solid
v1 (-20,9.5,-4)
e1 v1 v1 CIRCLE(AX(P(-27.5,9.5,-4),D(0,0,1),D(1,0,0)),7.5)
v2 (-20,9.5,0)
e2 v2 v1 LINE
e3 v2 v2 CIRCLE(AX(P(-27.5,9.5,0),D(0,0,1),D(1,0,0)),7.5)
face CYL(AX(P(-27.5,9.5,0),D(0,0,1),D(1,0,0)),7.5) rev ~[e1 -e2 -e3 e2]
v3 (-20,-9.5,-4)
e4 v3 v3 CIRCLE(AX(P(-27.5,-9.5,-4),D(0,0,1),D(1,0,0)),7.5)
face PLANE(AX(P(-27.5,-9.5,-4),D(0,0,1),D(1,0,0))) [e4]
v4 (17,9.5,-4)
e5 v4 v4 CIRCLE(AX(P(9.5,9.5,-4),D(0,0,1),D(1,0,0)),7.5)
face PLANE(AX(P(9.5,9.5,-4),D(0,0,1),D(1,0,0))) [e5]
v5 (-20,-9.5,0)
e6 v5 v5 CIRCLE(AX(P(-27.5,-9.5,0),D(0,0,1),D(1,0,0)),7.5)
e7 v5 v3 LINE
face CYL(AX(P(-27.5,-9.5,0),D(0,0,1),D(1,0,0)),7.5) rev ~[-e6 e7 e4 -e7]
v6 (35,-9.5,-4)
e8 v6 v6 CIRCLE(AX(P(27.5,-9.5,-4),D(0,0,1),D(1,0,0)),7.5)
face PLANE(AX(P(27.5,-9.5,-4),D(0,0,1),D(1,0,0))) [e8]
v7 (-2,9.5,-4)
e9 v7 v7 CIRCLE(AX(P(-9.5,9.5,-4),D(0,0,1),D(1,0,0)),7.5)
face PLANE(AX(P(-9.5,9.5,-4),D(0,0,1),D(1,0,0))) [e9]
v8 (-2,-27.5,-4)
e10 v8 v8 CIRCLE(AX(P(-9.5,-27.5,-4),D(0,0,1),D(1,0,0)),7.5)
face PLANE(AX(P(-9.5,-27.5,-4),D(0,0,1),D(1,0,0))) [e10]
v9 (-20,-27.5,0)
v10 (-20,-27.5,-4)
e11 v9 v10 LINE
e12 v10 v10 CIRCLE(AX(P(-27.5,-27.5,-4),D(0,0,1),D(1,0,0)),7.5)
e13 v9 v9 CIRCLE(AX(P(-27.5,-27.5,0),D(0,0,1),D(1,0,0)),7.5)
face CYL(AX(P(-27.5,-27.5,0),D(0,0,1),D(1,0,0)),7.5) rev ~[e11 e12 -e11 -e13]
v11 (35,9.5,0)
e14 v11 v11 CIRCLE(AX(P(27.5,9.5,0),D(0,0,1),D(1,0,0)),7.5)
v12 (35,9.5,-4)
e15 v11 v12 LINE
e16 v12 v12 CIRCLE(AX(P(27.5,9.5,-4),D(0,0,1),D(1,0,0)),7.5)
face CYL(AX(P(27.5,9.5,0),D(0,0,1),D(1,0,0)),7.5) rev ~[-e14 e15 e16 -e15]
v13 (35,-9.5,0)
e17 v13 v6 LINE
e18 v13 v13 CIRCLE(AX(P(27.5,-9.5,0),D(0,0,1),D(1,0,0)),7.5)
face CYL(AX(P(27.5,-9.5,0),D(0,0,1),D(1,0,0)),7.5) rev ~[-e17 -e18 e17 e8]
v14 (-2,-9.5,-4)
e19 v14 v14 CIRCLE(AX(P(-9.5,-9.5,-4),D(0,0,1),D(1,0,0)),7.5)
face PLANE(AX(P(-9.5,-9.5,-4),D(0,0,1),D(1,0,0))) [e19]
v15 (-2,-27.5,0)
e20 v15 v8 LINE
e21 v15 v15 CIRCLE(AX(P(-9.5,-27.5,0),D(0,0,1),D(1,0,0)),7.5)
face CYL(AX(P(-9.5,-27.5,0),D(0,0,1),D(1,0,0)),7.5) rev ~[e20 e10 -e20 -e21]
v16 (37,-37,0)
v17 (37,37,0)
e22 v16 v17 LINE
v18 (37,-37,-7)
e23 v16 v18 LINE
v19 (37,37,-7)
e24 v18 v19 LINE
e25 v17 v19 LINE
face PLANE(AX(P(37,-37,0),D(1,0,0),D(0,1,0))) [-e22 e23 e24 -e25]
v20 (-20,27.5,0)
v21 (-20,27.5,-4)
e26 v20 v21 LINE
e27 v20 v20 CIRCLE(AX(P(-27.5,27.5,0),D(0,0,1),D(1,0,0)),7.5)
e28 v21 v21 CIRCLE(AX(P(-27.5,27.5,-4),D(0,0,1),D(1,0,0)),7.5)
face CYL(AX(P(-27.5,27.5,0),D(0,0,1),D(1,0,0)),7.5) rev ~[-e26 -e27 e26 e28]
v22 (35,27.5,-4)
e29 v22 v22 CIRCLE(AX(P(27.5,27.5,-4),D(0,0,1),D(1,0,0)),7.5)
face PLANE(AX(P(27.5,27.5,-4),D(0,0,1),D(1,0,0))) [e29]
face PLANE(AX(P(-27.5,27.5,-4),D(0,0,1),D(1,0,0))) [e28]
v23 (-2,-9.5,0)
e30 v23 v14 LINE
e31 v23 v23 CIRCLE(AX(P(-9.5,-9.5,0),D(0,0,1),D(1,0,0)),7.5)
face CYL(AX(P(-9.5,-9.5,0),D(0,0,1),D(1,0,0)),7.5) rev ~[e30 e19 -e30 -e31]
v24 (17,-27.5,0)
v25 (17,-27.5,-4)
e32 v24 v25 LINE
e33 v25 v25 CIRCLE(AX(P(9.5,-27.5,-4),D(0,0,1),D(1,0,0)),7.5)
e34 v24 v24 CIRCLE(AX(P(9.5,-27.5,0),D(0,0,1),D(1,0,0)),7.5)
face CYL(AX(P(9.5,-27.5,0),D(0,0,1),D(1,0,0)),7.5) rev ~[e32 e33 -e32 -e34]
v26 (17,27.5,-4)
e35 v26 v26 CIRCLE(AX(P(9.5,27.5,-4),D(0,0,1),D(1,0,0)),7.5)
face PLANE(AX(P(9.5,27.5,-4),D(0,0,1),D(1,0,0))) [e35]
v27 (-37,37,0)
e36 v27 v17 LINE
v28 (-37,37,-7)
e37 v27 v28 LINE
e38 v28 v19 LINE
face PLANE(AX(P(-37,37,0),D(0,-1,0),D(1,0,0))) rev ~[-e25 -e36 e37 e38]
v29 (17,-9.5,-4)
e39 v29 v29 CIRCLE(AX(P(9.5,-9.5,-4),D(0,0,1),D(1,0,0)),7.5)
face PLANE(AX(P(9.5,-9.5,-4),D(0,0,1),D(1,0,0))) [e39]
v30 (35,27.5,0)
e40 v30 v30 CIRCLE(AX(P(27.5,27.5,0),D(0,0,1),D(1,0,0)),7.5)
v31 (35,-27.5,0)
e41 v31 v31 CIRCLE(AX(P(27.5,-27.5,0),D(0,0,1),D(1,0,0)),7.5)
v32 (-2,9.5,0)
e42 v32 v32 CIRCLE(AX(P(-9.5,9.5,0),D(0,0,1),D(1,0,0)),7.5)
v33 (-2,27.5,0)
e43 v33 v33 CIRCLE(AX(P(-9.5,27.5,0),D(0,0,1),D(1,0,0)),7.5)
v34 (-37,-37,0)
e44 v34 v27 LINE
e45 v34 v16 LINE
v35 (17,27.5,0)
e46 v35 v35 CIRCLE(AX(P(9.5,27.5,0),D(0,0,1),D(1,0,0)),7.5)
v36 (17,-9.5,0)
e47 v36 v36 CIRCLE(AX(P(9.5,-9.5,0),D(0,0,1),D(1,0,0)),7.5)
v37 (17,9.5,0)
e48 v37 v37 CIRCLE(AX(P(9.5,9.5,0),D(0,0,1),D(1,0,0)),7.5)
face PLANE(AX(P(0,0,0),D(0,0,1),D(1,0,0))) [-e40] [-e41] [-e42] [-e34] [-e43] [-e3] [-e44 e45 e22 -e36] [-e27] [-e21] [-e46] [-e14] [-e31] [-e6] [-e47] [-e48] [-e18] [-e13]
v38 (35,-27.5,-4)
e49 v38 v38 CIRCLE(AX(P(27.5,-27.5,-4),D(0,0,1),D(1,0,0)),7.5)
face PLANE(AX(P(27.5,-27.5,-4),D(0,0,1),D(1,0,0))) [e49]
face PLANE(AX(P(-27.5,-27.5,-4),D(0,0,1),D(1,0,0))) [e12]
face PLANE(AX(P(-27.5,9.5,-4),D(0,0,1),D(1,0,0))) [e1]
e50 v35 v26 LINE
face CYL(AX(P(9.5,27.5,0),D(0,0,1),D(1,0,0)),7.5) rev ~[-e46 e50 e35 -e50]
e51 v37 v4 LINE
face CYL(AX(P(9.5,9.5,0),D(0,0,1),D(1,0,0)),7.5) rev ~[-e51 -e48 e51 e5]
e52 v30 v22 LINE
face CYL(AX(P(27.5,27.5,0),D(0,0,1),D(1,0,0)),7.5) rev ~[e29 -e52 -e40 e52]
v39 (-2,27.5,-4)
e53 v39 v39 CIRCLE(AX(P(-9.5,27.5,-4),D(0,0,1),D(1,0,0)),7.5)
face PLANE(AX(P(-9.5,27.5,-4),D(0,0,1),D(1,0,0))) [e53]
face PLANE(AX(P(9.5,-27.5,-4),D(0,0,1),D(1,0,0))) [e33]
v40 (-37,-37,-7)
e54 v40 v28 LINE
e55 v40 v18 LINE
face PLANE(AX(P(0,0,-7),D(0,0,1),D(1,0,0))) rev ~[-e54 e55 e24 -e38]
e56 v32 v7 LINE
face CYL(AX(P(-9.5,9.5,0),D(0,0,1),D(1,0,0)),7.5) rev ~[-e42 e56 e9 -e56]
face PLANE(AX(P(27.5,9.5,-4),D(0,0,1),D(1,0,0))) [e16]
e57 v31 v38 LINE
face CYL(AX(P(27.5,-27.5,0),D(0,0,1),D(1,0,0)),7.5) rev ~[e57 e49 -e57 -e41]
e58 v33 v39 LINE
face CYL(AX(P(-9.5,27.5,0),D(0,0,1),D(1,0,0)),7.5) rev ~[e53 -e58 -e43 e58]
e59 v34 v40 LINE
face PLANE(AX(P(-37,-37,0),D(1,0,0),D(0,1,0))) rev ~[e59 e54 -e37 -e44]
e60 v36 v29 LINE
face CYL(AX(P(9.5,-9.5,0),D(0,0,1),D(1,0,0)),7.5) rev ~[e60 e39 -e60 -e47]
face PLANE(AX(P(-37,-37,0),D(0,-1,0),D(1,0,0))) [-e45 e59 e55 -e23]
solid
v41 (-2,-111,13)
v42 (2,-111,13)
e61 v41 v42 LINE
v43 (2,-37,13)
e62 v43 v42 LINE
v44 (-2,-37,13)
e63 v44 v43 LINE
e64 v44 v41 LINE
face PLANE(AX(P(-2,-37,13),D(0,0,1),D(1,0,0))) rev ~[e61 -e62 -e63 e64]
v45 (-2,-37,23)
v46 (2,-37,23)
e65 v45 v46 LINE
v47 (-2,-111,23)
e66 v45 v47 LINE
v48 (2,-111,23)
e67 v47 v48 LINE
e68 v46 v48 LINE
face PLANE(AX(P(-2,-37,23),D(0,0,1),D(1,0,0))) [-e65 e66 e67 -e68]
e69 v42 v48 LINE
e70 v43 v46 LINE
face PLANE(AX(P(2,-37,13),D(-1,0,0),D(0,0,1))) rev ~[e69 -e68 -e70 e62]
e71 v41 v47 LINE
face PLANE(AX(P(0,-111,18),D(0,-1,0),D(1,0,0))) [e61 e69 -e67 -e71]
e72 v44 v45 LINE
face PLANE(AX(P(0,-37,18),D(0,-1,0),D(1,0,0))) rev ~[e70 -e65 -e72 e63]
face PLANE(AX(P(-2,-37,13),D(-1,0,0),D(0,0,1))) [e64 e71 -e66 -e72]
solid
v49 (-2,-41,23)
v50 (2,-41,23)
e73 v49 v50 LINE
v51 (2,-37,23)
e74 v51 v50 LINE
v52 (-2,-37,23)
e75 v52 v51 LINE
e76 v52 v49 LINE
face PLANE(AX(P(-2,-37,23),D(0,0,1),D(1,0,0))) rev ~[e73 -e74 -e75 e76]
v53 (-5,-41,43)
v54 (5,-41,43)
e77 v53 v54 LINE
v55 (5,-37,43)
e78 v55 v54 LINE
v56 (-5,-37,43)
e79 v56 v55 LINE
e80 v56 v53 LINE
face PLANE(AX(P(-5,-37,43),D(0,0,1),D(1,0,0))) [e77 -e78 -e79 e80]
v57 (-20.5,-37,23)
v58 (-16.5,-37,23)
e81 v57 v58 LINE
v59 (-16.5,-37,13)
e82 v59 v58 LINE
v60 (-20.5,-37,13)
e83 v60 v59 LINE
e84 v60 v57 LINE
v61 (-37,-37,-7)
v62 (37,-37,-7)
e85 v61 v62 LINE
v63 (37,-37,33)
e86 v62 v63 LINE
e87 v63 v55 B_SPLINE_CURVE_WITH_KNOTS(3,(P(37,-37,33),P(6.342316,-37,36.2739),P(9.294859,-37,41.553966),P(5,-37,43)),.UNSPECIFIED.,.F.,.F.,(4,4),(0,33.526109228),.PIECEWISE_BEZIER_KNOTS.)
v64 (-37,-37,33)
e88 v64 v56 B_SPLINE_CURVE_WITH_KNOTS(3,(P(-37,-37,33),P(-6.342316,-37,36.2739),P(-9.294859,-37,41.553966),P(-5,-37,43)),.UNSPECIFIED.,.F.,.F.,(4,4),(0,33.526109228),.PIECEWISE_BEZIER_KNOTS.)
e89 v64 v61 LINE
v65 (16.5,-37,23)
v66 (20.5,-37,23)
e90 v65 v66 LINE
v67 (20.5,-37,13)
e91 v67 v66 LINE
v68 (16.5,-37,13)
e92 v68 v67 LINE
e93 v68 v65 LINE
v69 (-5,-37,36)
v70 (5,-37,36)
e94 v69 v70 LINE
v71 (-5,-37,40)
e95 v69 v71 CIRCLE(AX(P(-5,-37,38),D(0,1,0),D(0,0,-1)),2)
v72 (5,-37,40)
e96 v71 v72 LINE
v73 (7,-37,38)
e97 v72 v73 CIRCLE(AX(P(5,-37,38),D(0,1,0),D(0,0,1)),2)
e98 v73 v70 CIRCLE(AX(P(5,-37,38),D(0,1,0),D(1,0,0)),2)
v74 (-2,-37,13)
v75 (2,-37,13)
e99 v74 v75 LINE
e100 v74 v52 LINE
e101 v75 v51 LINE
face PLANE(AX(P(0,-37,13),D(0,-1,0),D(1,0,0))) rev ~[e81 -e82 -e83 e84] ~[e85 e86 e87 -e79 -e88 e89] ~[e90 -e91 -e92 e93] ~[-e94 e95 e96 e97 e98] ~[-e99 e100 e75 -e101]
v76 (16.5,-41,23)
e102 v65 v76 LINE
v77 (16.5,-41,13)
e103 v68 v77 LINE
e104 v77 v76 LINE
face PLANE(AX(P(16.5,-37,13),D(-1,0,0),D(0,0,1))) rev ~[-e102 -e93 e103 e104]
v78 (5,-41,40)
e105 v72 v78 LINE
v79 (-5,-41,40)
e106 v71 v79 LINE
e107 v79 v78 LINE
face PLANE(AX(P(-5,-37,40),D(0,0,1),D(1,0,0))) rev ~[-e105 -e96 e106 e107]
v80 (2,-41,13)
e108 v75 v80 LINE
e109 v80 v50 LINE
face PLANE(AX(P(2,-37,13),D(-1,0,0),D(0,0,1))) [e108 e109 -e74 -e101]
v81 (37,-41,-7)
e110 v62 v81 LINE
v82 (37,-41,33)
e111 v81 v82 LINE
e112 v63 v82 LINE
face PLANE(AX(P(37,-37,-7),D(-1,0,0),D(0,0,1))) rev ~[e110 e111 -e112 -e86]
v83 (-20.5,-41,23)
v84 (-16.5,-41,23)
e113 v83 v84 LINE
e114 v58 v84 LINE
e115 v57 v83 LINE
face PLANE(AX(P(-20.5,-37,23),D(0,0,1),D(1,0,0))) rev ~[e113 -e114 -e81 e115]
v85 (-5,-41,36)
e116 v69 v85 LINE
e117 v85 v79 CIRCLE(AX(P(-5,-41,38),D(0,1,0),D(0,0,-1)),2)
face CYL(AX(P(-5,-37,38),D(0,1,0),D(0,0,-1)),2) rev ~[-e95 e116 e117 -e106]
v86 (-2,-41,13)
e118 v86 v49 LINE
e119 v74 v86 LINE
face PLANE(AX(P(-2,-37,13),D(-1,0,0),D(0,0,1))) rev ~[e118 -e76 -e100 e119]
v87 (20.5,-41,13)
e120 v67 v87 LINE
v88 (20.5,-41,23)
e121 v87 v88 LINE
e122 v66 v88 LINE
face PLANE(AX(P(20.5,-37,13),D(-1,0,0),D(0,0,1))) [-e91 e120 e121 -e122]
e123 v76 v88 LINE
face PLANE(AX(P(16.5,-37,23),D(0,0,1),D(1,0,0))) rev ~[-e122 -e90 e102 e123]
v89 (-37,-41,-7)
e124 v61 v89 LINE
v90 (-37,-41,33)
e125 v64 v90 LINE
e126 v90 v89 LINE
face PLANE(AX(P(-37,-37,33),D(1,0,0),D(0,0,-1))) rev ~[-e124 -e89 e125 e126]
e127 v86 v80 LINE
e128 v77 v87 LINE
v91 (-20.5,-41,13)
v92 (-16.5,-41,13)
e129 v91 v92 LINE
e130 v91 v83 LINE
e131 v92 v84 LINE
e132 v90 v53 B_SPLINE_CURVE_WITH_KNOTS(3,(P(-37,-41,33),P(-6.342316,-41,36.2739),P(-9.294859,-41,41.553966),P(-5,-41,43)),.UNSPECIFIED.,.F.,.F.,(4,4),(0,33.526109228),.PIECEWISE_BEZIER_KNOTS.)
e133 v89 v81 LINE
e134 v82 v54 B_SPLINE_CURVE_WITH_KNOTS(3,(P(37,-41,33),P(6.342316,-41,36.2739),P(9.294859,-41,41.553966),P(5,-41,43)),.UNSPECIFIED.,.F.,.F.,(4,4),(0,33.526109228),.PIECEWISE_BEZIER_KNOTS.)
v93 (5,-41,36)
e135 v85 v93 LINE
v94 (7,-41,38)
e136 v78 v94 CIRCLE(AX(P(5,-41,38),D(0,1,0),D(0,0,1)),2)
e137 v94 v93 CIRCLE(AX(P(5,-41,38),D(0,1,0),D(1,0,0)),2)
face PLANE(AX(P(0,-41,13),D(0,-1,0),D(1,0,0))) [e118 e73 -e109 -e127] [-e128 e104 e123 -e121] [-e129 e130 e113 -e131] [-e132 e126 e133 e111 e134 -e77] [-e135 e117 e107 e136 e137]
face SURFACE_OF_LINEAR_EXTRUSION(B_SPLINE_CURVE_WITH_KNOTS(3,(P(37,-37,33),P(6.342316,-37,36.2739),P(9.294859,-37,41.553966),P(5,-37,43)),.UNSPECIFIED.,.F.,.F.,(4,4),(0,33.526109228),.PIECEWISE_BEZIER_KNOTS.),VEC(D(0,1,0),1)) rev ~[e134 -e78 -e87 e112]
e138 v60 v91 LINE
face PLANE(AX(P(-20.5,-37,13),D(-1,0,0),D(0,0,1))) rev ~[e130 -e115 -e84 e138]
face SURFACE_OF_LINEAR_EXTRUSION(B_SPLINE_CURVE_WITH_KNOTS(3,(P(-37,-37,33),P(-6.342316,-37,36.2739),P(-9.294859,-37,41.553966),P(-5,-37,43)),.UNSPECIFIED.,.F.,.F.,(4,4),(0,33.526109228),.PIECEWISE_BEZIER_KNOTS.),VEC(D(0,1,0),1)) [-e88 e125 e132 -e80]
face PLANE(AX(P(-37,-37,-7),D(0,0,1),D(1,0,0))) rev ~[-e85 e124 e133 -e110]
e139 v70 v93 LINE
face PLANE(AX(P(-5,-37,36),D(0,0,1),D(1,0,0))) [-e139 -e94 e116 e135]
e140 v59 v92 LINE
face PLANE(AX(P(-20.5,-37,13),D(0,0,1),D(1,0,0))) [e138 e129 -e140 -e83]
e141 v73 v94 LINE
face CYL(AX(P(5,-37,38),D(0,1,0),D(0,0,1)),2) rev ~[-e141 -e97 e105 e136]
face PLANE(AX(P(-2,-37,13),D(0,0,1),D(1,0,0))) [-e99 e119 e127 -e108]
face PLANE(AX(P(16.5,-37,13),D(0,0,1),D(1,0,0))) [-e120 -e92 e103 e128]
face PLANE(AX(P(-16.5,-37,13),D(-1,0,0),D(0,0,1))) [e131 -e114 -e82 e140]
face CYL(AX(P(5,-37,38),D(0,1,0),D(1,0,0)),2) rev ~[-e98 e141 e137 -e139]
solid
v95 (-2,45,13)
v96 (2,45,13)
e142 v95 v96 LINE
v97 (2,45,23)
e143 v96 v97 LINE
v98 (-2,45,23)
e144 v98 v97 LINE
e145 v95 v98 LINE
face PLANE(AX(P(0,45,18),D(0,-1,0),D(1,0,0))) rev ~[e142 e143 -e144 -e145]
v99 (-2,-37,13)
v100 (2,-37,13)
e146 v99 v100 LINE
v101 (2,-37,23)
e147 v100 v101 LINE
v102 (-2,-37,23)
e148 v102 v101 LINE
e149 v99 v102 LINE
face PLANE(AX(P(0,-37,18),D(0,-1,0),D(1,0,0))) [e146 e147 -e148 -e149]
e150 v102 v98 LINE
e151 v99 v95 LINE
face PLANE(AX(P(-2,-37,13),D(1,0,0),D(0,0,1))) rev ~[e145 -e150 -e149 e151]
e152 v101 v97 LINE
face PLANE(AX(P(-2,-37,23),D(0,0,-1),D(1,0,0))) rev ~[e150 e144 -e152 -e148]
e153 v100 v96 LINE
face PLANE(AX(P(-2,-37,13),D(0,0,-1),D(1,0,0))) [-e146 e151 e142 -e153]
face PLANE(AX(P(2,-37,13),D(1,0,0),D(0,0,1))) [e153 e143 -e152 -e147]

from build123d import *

# Parameters (mm, degrees)
F1_W     = 74
F1_H     = 74
F1_R     = 7.5
F2_DEPTH = 7
F3_DEPTH = 4
F4_W     = 4
F4_H     = 10
F4_W_2   = 10
F4_H_2   = 3
F5_DEPTH = 4
F6_DEPTH = 82
F7_DEPTH = 74


with BuildPart() as f2:
    # F1 (on Top) → F2 (new body)
    with BuildSketch(Plane.XY):
        Rectangle(F1_W, F1_H)
        with Locations((-27.5, -27.5)):
            Circle(F1_R, mode=Mode.SUBTRACT)
        with Locations((-9.5, -27.5)):
            Circle(F1_R, mode=Mode.SUBTRACT)
        with Locations((-27.5, -9.5)):
            Circle(F1_R, mode=Mode.SUBTRACT)
        with Locations((-9.5, -9.5)):
            Circle(F1_R, mode=Mode.SUBTRACT)
        with Locations((9.5, -27.5)):
            Circle(F1_R, mode=Mode.SUBTRACT)
        with Locations((27.5, -27.5)):
            Circle(F1_R, mode=Mode.SUBTRACT)
        with Locations((9.5, -9.5)):
            Circle(F1_R, mode=Mode.SUBTRACT)
        with Locations((27.5, -9.5)):
            Circle(F1_R, mode=Mode.SUBTRACT)
        with Locations((-27.5, 9.5)):
            Circle(F1_R, mode=Mode.SUBTRACT)
        with Locations((-9.5, 9.5)):
            Circle(F1_R, mode=Mode.SUBTRACT)
        with Locations((-27.5, 27.5)):
            Circle(F1_R, mode=Mode.SUBTRACT)
        with Locations((-9.5, 27.5)):
            Circle(F1_R, mode=Mode.SUBTRACT)
        with Locations((9.5, 9.5)):
            Circle(F1_R, mode=Mode.SUBTRACT)
        with Locations((27.5, 9.5)):
            Circle(F1_R, mode=Mode.SUBTRACT)
        with Locations((9.5, 27.5)):
            Circle(F1_R, mode=Mode.SUBTRACT)
        with Locations((27.5, 27.5)):
            Circle(F1_R, mode=Mode.SUBTRACT)
        with Locations((-27.5, 27.5)):
            Circle(F1_R)
        with Locations((-27.5, -27.5)):
            Circle(F1_R)
        with Locations((27.5, 27.5)):
            Circle(F1_R)
        with Locations((27.5, -27.5)):
            Circle(F1_R)
        with Locations((-27.5, -9.5)):
            Circle(F1_R)
        with Locations((-27.5, 9.5)):
            Circle(F1_R)
        with Locations((-9.5, 27.5)):
            Circle(F1_R)
        with Locations((-9.5, 9.5)):
            Circle(F1_R)
        with Locations((-9.5, -9.5)):
            Circle(F1_R)
        with Locations((-9.5, -27.5)):
            Circle(F1_R)
        with Locations((9.5, -27.5)):
            Circle(F1_R)
        with Locations((9.5, -9.5)):
            Circle(F1_R)
        with Locations((9.5, 9.5)):
            Circle(F1_R)
        with Locations((9.5, 27.5)):
            Circle(F1_R)
        with Locations((27.5, -9.5)):
            Circle(F1_R)
        with Locations((27.5, 9.5)):
            Circle(F1_R)
    extrude(amount=-F2_DEPTH)

    # F1 (on Top) → F3 (cut)
    with BuildSketch(Plane.XY):
        with Locations((-27.5, -27.5)):
            Circle(F1_R)
        with Locations((-27.5, 27.5)):
            Circle(F1_R)
        with Locations((27.5, 27.5)):
            Circle(F1_R)
        with Locations((27.5, -27.5)):
            Circle(F1_R)
        with Locations((-27.5, -9.5)):
            Circle(F1_R)
        with Locations((-27.5, 9.5)):
            Circle(F1_R)
        with Locations((-9.5, -27.5)):
            Circle(F1_R)
        with Locations((-9.5, -9.5)):
            Circle(F1_R)
        with Locations((-9.5, 9.5)):
            Circle(F1_R)
        with Locations((-9.5, 27.5)):
            Circle(F1_R)
        with Locations((9.5, 27.5)):
            Circle(F1_R)
        with Locations((9.5, 9.5)):
            Circle(F1_R)
        with Locations((9.5, -9.5)):
            Circle(F1_R)
        with Locations((9.5, -27.5)):
            Circle(F1_R)
        with Locations((27.5, -9.5)):
            Circle(F1_R)
        with Locations((27.5, 9.5)):
            Circle(F1_R)
    extrude(amount=-F3_DEPTH, mode=Mode.SUBTRACT)


with BuildPart() as f5:
    # F4 (on face) → F5 (new body)
    with BuildSketch(Plane.XZ.offset(37)):
        Polygon((-37, 33), (-37, -7), (37, -7), (37, 33), (5, 33), (-5, 33), align=None)
        with Locations((-18.5, 18)):
            Rectangle(F4_W, F4_H, mode=Mode.SUBTRACT)
        with Locations((0, 18)):
            Rectangle(F4_W, F4_H, mode=Mode.SUBTRACT)
        with Locations((18.5, 18)):
            Rectangle(F4_W, F4_H, mode=Mode.SUBTRACT)
        with BuildLine():
            add(Edge.make_bspline(
                [(-37, 33), (-6.3423160464, 36.2739004195), (-9.2948594391, 41.5539657871), (-5, 43)],
                knots=[0, 0, 0, 0, 33.5261092285, 33.5261092285, 33.5261092285, 33.5261092285], degree=3))
            Line((-37, 33), (-5, 33))
            Line((-5, 33), (-5, 36))
            ThreePointArc((-5, 36), (-7, 38), (-5, 40))
            Line((-5, 40), (-5, 43))
        make_face()
        with BuildLine():
            Line((5, 33), (37, 33))
            add(Edge.make_bspline(
                [(37, 33), (6.3423160464, 36.2739004195), (9.2948594391, 41.5539657871), (5, 43)],
                knots=[0, 0, 0, 0, 33.5261092285, 33.5261092285, 33.5261092285, 33.5261092285], degree=3))
            Line((5, 43), (5, 40))
            ThreePointArc((5, 40), (6.4142135624, 39.4142135624), (7, 38))
            ThreePointArc((7, 38), (6.4142135624, 36.5857864376), (5, 36))
            Line((5, 36), (5, 33))
        make_face()
        with Locations((0, 41.5)):
            Rectangle(F4_W_2, F4_H_2)
        with Locations((0, 34.5)):
            Rectangle(F4_W_2, F4_H_2)
    extrude(amount=F5_DEPTH)

    # F4 (on face) → F6 (join)
    with BuildSketch(Plane.XZ.offset(37)):
        with Locations((0, 18)):
            Rectangle(F4_W, F4_H)
    extrude(amount=-F6_DEPTH)


with BuildPart() as f7:
    # F4 (on face) → F7 (new body)
    with BuildSketch(Plane.XZ.offset(37)):
        with Locations((0, 18)):
            Rectangle(F4_W, F4_H)
    extrude(amount=F7_DEPTH)


solid = Compound([f2.part, f5.part, f7.part])
